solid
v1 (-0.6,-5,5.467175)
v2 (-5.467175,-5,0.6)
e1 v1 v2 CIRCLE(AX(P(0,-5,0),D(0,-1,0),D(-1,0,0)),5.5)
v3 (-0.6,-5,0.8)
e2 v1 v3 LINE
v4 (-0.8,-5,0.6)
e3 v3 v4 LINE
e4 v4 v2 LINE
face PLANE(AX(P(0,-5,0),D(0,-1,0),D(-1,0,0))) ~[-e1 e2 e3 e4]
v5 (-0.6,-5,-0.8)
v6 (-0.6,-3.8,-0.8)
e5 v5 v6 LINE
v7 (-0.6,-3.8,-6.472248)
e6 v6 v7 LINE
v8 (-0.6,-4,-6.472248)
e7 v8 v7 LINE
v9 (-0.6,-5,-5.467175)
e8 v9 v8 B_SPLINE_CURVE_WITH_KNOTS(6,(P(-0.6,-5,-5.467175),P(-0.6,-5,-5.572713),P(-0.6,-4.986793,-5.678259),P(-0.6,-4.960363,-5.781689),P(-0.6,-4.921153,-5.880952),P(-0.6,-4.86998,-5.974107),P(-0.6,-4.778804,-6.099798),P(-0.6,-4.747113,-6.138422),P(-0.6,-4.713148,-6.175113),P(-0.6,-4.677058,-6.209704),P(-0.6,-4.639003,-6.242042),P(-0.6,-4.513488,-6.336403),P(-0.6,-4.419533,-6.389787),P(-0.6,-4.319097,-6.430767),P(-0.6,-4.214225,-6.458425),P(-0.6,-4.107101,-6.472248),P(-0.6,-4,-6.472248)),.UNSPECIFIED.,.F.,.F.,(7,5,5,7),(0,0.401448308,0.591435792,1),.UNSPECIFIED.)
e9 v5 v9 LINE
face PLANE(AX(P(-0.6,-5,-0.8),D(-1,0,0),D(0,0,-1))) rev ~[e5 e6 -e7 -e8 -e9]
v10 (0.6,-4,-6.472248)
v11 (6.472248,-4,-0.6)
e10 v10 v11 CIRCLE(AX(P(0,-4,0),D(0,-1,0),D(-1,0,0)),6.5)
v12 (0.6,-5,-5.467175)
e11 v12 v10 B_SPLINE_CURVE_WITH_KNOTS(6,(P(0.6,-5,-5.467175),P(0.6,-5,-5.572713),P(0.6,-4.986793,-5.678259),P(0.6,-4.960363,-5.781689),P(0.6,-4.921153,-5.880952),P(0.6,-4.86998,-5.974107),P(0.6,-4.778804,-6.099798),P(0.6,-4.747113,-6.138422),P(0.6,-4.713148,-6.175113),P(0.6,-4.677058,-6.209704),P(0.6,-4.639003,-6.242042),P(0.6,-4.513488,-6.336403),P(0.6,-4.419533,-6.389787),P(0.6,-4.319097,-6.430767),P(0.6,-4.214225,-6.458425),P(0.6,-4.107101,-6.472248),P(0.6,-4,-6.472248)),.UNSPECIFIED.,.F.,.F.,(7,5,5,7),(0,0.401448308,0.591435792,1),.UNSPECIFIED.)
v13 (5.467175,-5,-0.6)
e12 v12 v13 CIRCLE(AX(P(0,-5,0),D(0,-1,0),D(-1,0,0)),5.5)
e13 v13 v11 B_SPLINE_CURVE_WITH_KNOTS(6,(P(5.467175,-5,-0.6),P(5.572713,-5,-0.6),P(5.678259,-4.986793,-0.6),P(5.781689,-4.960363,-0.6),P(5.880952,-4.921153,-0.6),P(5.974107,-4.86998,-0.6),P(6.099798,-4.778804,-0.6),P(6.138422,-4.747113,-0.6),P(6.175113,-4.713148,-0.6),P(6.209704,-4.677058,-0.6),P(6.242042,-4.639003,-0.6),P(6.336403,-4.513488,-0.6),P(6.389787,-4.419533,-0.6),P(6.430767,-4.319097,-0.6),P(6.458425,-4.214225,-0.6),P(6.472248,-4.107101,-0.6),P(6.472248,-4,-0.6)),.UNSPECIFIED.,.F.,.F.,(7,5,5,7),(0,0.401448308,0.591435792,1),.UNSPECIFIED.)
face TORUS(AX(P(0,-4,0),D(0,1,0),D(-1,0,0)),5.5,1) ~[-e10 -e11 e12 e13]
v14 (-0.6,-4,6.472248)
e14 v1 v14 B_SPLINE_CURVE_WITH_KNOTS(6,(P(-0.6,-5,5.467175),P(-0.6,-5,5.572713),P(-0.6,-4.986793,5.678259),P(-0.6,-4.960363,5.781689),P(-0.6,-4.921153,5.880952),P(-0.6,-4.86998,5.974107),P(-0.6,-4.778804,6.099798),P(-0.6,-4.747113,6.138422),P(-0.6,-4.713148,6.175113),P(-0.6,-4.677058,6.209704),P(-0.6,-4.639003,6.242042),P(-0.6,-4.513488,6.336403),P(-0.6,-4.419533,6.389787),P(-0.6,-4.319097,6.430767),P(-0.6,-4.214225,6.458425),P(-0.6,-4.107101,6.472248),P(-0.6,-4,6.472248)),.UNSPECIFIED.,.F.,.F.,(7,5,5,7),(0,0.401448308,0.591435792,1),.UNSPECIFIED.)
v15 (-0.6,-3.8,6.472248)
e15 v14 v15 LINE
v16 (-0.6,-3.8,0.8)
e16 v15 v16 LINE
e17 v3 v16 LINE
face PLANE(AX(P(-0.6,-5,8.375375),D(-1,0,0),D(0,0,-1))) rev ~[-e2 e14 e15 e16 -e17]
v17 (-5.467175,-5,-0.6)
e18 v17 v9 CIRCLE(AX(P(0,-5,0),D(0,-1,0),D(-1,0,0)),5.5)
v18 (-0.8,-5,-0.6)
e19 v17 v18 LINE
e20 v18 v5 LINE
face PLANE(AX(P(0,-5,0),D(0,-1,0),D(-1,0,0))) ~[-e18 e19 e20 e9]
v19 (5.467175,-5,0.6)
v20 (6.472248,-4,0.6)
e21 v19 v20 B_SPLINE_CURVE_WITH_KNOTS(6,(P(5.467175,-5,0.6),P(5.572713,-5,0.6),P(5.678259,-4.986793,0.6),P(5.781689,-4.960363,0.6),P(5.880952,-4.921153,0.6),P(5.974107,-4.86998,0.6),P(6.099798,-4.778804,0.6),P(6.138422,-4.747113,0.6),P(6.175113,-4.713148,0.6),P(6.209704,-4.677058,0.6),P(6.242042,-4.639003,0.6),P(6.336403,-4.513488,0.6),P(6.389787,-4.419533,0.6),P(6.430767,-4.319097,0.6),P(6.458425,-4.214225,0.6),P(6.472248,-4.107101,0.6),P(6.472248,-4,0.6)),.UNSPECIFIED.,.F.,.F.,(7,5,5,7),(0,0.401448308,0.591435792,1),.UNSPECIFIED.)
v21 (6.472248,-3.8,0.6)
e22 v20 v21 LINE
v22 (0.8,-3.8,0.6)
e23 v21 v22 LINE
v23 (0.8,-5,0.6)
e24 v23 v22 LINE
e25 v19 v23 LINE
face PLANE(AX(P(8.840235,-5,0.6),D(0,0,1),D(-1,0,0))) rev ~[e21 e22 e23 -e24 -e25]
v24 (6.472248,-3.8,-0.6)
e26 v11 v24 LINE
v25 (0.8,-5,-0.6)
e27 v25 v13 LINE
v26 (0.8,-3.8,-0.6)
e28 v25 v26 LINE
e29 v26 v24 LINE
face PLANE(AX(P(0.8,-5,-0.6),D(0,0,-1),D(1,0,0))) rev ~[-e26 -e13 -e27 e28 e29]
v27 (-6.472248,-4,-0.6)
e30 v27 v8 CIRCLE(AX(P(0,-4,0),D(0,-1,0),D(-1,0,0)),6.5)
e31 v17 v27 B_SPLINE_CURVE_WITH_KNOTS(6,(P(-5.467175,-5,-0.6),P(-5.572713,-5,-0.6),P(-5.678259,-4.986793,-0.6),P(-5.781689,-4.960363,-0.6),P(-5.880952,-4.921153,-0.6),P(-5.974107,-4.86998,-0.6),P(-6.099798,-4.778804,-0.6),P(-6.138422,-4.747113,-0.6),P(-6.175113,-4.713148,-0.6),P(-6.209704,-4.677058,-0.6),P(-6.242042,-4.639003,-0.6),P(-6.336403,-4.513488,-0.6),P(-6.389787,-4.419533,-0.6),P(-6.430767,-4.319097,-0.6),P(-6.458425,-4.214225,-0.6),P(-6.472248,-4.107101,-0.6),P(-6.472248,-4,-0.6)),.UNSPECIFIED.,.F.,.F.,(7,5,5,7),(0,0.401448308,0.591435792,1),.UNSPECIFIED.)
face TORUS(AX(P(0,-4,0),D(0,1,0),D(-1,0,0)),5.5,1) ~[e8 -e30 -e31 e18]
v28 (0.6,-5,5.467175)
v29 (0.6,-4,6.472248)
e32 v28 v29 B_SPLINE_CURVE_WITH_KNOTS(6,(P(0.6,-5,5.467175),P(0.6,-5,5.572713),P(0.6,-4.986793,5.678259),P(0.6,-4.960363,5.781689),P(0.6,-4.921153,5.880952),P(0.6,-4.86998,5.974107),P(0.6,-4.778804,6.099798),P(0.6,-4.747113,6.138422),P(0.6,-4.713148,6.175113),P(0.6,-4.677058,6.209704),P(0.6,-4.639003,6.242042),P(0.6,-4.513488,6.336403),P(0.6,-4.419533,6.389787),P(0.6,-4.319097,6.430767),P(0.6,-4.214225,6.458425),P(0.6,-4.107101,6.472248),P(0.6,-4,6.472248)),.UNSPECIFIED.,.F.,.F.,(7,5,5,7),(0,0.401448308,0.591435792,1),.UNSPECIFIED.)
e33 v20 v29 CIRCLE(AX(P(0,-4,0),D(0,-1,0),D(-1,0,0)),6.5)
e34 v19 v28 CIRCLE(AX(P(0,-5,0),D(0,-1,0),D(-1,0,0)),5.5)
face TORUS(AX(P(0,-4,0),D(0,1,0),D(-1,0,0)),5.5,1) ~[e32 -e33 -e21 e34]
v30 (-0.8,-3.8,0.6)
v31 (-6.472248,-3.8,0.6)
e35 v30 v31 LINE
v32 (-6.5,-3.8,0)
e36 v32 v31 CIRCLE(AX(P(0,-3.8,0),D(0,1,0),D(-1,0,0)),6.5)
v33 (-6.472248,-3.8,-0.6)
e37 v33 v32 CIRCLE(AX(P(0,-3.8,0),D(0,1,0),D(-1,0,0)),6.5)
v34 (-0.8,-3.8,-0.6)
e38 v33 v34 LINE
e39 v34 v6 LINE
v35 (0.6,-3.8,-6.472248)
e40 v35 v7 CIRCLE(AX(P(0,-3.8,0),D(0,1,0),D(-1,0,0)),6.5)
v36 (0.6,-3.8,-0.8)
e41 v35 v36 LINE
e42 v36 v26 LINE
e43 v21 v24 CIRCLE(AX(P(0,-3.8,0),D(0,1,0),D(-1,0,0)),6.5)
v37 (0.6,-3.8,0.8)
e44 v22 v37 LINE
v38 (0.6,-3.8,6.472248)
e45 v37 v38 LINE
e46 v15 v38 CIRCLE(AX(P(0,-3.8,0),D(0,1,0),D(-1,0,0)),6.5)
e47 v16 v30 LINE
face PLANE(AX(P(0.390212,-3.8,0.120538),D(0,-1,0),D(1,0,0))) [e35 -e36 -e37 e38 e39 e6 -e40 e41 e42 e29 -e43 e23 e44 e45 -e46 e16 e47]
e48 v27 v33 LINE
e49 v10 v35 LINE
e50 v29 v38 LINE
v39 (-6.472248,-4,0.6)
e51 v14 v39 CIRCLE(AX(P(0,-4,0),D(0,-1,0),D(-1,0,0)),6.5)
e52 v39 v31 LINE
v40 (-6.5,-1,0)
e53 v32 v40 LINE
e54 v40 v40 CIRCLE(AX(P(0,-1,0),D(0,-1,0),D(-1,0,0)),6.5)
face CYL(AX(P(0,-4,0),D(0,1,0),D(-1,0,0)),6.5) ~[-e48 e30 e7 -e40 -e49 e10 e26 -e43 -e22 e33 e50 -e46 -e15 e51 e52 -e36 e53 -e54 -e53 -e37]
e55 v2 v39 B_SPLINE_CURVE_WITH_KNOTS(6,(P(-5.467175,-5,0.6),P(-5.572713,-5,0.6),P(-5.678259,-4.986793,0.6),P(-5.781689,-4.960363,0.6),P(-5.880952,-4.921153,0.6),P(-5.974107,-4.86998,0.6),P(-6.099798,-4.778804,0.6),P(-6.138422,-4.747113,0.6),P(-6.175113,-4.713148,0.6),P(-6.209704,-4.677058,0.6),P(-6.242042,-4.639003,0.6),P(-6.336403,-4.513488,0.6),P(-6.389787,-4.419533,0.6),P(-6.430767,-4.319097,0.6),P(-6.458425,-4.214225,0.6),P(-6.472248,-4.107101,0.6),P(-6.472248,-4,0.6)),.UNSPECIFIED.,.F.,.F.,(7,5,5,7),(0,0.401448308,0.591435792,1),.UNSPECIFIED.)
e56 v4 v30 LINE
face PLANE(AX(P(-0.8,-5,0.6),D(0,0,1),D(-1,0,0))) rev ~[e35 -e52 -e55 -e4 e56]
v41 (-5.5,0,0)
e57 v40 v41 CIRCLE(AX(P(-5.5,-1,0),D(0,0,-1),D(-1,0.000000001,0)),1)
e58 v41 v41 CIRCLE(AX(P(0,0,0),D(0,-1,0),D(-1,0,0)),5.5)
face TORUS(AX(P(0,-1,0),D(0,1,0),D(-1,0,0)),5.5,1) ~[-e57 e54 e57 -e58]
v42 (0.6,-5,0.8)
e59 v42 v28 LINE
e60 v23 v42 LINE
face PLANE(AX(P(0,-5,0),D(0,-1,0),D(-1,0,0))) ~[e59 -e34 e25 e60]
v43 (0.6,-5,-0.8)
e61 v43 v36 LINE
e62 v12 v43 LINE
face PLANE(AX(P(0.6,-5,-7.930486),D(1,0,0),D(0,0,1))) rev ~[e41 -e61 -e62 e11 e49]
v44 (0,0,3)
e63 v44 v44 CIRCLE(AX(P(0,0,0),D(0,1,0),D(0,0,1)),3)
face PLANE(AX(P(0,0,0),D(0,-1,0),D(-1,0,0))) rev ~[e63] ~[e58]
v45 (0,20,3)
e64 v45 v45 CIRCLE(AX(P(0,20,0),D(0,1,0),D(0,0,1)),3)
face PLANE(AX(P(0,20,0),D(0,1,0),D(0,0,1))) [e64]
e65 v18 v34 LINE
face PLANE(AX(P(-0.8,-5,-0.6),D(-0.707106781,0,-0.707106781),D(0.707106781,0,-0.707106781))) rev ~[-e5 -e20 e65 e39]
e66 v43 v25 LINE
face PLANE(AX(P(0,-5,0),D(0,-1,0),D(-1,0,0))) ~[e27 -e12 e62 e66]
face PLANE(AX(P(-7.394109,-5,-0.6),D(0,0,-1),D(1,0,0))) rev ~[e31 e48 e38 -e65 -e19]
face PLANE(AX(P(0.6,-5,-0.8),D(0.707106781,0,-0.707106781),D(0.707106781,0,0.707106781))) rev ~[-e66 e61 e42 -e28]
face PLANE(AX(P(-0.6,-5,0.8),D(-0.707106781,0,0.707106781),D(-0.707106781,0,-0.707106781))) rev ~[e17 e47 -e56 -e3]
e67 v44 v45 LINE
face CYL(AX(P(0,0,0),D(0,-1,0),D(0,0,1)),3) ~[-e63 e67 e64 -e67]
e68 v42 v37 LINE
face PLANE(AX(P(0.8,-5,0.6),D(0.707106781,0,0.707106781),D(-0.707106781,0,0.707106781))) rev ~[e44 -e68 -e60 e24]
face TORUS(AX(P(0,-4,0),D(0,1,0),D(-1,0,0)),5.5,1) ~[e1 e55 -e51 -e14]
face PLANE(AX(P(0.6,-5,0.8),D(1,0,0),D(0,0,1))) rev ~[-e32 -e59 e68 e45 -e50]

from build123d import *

# Parameters (mm, degrees)
SKETCH1_R           = 3
BOSS_EXTRUDE1_DEPTH = 20
CUT_EXTRUDE1_DEPTH  = 1.2


with BuildPart() as part:
    # Sketch1 → Boss-Extrude1 (new body)
    with BuildSketch(Plane(origin=(0, 0, 0), x_dir=(1, 0, 0), z_dir=(0, 1, 0))):
        with Locations(Location((0, 0, 0), (0, 0, 270))):
            Circle(SKETCH1_R)
    extrude(amount=BOSS_EXTRUDE1_DEPTH)

    # Sketch2 → Revolve1 (revolve)
    with BuildSketch(Plane.XY):
        with BuildLine():
            Line((0, 0), (0, -5))
            Line((0, -5), (-5.5, -5))
            ThreePointArc((-5.5, -5), (-6.207106781, -4.707106781), (-6.5, -4))
            Line((-6.5, -4), (-6.5, -1))
            ThreePointArc((-6.5, -1), (-6.207106781, -0.292893219), (-5.5, 0))
            Line((-5.5, 0), (0, 0))
        make_face()
    revolve(axis=Axis((0, 0, 0), (0, -1, 0)))

    # Sketch3 → Cut-Extrude1 (cut)
    with BuildSketch(Plane.XZ.offset(5)):
        Polygon((0.6, 8.375375313), (-0.6, 8.375375313), (-0.6, 0.8), (-0.8, 0.6), (-7.394108803, 0.6), (-7.394108803, -0.6), (-0.8, -0.6), (-0.6, -0.8), (-0.6, -7.930485814), (0.6, -7.930485814), (0.6, -0.8), (0.8, -0.6), (8.840235389, -0.6), (8.840235389, 0.6), (0.8, 0.6), (0.6, 0.8), align=None)
    extrude(amount=-CUT_EXTRUDE1_DEPTH, mode=Mode.SUBTRACT)


solid = part.part
